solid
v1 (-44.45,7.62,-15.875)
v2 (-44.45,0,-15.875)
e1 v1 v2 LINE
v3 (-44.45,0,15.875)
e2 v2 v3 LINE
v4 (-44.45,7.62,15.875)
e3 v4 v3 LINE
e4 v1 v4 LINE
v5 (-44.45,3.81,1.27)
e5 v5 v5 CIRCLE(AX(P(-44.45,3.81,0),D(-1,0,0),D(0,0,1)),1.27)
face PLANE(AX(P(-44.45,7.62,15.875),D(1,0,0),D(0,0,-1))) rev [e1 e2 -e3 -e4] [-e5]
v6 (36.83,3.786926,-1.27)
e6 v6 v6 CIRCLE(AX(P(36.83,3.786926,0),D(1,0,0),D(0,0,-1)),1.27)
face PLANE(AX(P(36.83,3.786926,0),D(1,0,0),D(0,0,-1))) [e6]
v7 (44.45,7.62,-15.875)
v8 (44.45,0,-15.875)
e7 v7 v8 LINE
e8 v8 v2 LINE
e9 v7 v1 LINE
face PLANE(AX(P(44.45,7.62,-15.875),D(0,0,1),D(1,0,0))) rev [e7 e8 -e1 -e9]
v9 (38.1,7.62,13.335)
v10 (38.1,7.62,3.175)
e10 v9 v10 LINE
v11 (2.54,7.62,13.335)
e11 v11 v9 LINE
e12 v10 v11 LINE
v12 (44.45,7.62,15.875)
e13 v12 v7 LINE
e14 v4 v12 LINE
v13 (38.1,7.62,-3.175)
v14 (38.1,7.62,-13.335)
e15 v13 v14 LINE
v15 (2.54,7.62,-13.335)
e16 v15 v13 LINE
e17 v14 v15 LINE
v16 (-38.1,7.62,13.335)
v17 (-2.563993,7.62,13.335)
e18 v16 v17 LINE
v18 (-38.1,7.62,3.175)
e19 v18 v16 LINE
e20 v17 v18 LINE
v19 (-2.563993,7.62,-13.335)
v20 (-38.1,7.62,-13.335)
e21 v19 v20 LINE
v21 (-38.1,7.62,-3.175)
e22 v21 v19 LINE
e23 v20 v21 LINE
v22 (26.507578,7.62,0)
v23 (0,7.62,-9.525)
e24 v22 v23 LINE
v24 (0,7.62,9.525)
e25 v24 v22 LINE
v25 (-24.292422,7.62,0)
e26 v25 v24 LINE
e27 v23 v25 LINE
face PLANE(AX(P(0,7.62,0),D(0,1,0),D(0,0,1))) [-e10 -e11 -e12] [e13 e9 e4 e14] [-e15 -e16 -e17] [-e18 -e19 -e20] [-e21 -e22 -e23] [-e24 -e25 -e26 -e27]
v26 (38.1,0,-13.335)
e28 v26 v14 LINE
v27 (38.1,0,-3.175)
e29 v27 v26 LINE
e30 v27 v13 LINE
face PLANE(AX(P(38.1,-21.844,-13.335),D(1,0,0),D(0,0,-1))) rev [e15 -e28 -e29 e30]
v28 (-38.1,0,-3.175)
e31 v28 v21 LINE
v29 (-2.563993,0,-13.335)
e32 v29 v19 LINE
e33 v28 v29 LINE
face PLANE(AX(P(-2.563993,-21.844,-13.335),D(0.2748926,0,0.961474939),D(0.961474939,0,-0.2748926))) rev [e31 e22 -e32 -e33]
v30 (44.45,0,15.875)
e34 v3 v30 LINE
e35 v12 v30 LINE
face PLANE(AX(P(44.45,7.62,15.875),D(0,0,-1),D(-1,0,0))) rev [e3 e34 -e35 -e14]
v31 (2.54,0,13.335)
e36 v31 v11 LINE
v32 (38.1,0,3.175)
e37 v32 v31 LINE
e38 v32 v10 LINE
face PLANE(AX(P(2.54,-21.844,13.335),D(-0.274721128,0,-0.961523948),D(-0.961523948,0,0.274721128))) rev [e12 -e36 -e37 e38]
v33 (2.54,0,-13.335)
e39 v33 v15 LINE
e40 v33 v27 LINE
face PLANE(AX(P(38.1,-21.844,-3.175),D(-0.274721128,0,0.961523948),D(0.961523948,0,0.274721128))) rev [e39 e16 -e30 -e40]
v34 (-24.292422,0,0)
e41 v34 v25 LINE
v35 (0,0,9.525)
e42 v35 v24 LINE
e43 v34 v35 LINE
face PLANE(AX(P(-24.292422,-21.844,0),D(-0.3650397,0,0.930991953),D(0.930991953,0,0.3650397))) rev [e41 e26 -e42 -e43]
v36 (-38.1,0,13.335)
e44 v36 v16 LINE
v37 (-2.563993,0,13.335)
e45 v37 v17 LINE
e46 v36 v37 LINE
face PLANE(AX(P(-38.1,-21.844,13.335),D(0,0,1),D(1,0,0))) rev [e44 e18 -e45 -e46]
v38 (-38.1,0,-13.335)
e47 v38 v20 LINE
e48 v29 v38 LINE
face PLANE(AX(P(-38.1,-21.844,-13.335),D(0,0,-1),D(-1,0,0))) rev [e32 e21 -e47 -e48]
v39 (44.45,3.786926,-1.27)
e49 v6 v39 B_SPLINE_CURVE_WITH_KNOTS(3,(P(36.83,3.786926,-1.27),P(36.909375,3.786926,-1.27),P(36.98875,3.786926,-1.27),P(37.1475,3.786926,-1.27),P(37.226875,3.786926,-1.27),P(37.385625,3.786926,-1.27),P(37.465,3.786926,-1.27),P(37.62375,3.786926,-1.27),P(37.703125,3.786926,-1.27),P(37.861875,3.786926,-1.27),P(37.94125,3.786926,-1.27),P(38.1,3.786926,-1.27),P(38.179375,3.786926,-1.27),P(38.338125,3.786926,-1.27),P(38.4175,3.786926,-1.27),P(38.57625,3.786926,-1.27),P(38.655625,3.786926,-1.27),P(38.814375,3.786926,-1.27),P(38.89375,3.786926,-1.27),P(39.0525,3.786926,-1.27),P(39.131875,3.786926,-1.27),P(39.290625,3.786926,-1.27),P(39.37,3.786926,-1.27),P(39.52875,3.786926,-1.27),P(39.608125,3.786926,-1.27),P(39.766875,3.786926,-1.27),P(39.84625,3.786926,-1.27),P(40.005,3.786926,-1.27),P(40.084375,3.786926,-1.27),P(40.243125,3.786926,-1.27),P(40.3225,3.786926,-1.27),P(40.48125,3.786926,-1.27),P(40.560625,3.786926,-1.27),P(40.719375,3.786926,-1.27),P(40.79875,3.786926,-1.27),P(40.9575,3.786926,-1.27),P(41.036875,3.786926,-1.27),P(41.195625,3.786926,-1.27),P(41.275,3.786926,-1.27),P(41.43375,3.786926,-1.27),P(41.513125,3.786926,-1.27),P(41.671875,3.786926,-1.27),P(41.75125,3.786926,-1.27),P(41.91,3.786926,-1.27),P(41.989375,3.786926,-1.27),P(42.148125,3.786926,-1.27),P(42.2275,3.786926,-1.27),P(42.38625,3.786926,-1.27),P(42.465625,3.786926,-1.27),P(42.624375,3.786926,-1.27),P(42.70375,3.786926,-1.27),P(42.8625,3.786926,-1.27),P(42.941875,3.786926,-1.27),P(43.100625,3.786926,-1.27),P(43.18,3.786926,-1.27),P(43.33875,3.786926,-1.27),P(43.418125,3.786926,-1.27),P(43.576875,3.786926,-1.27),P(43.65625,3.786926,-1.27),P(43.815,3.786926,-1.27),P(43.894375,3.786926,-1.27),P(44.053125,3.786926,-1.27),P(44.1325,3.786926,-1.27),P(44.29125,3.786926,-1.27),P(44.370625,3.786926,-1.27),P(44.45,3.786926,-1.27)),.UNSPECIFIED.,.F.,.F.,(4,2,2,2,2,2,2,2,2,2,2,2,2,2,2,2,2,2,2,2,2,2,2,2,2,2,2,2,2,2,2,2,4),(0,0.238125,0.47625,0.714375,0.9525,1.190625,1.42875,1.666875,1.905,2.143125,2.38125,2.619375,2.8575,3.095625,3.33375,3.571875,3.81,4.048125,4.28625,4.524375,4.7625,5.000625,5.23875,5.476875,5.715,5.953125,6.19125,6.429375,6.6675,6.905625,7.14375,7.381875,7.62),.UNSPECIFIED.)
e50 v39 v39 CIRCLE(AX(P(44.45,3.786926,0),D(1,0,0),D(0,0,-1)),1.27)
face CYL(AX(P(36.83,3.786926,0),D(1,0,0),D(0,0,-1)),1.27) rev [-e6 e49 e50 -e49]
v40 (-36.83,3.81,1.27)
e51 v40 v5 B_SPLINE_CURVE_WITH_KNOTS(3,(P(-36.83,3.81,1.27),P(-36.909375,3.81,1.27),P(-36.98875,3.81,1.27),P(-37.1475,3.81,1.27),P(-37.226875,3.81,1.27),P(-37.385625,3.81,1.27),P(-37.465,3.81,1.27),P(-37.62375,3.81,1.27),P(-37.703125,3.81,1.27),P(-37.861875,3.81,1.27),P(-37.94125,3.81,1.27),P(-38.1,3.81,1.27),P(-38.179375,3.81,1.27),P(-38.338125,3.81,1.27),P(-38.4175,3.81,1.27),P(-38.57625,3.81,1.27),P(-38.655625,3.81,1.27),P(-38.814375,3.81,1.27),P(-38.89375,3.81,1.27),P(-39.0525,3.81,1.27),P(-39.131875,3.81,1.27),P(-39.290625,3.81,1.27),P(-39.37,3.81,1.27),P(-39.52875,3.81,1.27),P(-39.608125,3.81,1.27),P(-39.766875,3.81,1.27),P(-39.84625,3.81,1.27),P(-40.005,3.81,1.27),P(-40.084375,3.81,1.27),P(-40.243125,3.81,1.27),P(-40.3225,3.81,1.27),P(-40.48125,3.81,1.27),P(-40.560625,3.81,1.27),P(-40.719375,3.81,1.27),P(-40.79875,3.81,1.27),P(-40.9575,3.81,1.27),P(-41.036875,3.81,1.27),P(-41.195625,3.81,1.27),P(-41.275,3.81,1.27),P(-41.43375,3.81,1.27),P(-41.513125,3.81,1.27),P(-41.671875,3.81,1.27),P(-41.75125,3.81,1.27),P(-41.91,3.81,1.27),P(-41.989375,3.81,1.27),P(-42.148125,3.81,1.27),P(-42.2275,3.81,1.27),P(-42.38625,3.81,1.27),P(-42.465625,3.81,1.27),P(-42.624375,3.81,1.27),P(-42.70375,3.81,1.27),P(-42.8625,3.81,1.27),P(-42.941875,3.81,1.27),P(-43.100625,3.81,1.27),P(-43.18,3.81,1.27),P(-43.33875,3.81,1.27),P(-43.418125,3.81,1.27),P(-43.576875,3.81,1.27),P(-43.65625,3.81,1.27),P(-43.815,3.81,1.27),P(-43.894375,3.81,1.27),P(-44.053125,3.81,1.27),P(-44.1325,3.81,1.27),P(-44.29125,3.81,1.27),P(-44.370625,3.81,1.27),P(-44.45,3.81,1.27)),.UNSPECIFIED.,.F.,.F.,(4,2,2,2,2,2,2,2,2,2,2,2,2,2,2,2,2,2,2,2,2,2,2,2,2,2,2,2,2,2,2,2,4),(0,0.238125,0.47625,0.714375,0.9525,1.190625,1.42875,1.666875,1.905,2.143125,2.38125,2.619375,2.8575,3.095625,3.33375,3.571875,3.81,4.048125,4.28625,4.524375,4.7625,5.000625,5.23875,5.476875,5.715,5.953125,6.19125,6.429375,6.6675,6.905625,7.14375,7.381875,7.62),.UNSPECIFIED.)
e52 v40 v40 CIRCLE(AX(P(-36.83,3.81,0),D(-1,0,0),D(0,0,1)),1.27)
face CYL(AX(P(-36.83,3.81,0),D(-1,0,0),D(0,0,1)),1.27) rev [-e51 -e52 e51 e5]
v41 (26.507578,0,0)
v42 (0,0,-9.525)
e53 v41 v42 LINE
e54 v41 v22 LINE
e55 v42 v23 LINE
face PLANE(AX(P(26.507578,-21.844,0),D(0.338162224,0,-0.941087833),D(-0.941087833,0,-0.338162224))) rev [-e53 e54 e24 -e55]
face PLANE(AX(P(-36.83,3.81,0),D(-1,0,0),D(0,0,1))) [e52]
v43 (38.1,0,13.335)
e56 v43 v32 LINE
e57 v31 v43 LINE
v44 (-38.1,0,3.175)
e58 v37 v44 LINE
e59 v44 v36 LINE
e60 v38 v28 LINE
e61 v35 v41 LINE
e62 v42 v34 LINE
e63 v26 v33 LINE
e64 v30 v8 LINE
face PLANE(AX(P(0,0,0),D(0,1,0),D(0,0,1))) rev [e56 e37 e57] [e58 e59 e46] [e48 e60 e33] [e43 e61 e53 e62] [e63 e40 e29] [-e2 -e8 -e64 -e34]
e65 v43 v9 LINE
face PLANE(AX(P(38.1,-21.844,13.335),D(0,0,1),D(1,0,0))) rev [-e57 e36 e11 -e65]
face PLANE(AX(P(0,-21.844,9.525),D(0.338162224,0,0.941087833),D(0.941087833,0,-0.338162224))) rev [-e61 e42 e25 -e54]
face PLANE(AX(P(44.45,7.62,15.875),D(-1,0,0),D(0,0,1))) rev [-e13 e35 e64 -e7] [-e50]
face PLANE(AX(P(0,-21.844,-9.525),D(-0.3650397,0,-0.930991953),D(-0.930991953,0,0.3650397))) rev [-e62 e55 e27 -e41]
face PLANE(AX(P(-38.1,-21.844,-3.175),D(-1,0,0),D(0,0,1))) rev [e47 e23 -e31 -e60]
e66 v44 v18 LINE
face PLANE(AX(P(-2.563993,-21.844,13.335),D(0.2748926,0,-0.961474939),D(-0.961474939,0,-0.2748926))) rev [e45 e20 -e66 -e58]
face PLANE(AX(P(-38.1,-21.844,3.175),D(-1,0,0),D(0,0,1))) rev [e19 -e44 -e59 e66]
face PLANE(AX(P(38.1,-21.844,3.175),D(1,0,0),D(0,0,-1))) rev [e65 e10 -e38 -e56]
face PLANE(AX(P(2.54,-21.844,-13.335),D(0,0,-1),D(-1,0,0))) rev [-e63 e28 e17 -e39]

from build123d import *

# Parameters (mm, degrees)
SKETCH1_W           = 88.9
SKETCH1_H           = 31.75
BOSS_EXTRUDE1_DEPTH = 7.62
CUT_EXTRUDE1_DEPTH  = 29.464
CUT_EXTRUDE2_DEPTH  = 29.464
SKETCH4_R           = 1.27
CUT_EXTRUDE3_DEPTH  = 7.62
SKETCH5_R           = 1.27
CUT_EXTRUDE4_DEPTH  = 7.62


with BuildPart() as part:
    # Sketch1 → Boss-Extrude1 (new body)
    with BuildSketch(Plane(origin=(0, 0, 0), x_dir=(1, 0, 0), z_dir=(0, 1, 0))):
        Rectangle(SKETCH1_W, SKETCH1_H)
    extrude(amount=BOSS_EXTRUDE1_DEPTH)

    # Sketch2 → Cut-Extrude1 (cut)
    with BuildSketch(Plane(origin=(0, 7.62, 0), x_dir=(1, 0, 0), z_dir=(0, 1, 0))):
        Polygon((-38.1, 3.175), (-38.1, 13.335), (-2.563992866, 13.335), align=None)
        Polygon((-38.1, -3.175), (-38.1, -13.335), (-2.563992866, -13.335), align=None)
        Polygon((2.54, 13.335), (38.1, 13.335), (38.1, 3.175), align=None)
        Polygon((38.1, -3.175), (38.1, -13.335), (2.54, -13.335), align=None)
    extrude(amount=-CUT_EXTRUDE1_DEPTH, mode=Mode.SUBTRACT)

    # Sketch3 → Cut-Extrude2 (cut)
    with BuildSketch(Plane(origin=(0, 7.62, 0), x_dir=(1, 0, 0), z_dir=(0, 1, 0))):
        Polygon((0, 9.525), (-24.292421741, 0), (0, -9.525), (26.507578259, 0), align=None)
    extrude(amount=-CUT_EXTRUDE2_DEPTH, mode=Mode.SUBTRACT)

    # Sketch4 → Cut-Extrude3 (cut)
    with BuildSketch(Plane(origin=(44.45, 0, 0), x_dir=(0, 0, -1), z_dir=(1, 0, 0))):
        with Locations((0, 3.786925891)):
            Circle(SKETCH4_R)
    extrude(amount=-CUT_EXTRUDE3_DEPTH, mode=Mode.SUBTRACT)

    # Sketch5 → Cut-Extrude4 (cut)
    with BuildSketch(Plane.ZY.offset(44.45)):
        with Locations((0, 3.81)):
            Circle(SKETCH5_R)
    extrude(amount=-CUT_EXTRUDE4_DEPTH, mode=Mode.SUBTRACT)


solid = part.part
